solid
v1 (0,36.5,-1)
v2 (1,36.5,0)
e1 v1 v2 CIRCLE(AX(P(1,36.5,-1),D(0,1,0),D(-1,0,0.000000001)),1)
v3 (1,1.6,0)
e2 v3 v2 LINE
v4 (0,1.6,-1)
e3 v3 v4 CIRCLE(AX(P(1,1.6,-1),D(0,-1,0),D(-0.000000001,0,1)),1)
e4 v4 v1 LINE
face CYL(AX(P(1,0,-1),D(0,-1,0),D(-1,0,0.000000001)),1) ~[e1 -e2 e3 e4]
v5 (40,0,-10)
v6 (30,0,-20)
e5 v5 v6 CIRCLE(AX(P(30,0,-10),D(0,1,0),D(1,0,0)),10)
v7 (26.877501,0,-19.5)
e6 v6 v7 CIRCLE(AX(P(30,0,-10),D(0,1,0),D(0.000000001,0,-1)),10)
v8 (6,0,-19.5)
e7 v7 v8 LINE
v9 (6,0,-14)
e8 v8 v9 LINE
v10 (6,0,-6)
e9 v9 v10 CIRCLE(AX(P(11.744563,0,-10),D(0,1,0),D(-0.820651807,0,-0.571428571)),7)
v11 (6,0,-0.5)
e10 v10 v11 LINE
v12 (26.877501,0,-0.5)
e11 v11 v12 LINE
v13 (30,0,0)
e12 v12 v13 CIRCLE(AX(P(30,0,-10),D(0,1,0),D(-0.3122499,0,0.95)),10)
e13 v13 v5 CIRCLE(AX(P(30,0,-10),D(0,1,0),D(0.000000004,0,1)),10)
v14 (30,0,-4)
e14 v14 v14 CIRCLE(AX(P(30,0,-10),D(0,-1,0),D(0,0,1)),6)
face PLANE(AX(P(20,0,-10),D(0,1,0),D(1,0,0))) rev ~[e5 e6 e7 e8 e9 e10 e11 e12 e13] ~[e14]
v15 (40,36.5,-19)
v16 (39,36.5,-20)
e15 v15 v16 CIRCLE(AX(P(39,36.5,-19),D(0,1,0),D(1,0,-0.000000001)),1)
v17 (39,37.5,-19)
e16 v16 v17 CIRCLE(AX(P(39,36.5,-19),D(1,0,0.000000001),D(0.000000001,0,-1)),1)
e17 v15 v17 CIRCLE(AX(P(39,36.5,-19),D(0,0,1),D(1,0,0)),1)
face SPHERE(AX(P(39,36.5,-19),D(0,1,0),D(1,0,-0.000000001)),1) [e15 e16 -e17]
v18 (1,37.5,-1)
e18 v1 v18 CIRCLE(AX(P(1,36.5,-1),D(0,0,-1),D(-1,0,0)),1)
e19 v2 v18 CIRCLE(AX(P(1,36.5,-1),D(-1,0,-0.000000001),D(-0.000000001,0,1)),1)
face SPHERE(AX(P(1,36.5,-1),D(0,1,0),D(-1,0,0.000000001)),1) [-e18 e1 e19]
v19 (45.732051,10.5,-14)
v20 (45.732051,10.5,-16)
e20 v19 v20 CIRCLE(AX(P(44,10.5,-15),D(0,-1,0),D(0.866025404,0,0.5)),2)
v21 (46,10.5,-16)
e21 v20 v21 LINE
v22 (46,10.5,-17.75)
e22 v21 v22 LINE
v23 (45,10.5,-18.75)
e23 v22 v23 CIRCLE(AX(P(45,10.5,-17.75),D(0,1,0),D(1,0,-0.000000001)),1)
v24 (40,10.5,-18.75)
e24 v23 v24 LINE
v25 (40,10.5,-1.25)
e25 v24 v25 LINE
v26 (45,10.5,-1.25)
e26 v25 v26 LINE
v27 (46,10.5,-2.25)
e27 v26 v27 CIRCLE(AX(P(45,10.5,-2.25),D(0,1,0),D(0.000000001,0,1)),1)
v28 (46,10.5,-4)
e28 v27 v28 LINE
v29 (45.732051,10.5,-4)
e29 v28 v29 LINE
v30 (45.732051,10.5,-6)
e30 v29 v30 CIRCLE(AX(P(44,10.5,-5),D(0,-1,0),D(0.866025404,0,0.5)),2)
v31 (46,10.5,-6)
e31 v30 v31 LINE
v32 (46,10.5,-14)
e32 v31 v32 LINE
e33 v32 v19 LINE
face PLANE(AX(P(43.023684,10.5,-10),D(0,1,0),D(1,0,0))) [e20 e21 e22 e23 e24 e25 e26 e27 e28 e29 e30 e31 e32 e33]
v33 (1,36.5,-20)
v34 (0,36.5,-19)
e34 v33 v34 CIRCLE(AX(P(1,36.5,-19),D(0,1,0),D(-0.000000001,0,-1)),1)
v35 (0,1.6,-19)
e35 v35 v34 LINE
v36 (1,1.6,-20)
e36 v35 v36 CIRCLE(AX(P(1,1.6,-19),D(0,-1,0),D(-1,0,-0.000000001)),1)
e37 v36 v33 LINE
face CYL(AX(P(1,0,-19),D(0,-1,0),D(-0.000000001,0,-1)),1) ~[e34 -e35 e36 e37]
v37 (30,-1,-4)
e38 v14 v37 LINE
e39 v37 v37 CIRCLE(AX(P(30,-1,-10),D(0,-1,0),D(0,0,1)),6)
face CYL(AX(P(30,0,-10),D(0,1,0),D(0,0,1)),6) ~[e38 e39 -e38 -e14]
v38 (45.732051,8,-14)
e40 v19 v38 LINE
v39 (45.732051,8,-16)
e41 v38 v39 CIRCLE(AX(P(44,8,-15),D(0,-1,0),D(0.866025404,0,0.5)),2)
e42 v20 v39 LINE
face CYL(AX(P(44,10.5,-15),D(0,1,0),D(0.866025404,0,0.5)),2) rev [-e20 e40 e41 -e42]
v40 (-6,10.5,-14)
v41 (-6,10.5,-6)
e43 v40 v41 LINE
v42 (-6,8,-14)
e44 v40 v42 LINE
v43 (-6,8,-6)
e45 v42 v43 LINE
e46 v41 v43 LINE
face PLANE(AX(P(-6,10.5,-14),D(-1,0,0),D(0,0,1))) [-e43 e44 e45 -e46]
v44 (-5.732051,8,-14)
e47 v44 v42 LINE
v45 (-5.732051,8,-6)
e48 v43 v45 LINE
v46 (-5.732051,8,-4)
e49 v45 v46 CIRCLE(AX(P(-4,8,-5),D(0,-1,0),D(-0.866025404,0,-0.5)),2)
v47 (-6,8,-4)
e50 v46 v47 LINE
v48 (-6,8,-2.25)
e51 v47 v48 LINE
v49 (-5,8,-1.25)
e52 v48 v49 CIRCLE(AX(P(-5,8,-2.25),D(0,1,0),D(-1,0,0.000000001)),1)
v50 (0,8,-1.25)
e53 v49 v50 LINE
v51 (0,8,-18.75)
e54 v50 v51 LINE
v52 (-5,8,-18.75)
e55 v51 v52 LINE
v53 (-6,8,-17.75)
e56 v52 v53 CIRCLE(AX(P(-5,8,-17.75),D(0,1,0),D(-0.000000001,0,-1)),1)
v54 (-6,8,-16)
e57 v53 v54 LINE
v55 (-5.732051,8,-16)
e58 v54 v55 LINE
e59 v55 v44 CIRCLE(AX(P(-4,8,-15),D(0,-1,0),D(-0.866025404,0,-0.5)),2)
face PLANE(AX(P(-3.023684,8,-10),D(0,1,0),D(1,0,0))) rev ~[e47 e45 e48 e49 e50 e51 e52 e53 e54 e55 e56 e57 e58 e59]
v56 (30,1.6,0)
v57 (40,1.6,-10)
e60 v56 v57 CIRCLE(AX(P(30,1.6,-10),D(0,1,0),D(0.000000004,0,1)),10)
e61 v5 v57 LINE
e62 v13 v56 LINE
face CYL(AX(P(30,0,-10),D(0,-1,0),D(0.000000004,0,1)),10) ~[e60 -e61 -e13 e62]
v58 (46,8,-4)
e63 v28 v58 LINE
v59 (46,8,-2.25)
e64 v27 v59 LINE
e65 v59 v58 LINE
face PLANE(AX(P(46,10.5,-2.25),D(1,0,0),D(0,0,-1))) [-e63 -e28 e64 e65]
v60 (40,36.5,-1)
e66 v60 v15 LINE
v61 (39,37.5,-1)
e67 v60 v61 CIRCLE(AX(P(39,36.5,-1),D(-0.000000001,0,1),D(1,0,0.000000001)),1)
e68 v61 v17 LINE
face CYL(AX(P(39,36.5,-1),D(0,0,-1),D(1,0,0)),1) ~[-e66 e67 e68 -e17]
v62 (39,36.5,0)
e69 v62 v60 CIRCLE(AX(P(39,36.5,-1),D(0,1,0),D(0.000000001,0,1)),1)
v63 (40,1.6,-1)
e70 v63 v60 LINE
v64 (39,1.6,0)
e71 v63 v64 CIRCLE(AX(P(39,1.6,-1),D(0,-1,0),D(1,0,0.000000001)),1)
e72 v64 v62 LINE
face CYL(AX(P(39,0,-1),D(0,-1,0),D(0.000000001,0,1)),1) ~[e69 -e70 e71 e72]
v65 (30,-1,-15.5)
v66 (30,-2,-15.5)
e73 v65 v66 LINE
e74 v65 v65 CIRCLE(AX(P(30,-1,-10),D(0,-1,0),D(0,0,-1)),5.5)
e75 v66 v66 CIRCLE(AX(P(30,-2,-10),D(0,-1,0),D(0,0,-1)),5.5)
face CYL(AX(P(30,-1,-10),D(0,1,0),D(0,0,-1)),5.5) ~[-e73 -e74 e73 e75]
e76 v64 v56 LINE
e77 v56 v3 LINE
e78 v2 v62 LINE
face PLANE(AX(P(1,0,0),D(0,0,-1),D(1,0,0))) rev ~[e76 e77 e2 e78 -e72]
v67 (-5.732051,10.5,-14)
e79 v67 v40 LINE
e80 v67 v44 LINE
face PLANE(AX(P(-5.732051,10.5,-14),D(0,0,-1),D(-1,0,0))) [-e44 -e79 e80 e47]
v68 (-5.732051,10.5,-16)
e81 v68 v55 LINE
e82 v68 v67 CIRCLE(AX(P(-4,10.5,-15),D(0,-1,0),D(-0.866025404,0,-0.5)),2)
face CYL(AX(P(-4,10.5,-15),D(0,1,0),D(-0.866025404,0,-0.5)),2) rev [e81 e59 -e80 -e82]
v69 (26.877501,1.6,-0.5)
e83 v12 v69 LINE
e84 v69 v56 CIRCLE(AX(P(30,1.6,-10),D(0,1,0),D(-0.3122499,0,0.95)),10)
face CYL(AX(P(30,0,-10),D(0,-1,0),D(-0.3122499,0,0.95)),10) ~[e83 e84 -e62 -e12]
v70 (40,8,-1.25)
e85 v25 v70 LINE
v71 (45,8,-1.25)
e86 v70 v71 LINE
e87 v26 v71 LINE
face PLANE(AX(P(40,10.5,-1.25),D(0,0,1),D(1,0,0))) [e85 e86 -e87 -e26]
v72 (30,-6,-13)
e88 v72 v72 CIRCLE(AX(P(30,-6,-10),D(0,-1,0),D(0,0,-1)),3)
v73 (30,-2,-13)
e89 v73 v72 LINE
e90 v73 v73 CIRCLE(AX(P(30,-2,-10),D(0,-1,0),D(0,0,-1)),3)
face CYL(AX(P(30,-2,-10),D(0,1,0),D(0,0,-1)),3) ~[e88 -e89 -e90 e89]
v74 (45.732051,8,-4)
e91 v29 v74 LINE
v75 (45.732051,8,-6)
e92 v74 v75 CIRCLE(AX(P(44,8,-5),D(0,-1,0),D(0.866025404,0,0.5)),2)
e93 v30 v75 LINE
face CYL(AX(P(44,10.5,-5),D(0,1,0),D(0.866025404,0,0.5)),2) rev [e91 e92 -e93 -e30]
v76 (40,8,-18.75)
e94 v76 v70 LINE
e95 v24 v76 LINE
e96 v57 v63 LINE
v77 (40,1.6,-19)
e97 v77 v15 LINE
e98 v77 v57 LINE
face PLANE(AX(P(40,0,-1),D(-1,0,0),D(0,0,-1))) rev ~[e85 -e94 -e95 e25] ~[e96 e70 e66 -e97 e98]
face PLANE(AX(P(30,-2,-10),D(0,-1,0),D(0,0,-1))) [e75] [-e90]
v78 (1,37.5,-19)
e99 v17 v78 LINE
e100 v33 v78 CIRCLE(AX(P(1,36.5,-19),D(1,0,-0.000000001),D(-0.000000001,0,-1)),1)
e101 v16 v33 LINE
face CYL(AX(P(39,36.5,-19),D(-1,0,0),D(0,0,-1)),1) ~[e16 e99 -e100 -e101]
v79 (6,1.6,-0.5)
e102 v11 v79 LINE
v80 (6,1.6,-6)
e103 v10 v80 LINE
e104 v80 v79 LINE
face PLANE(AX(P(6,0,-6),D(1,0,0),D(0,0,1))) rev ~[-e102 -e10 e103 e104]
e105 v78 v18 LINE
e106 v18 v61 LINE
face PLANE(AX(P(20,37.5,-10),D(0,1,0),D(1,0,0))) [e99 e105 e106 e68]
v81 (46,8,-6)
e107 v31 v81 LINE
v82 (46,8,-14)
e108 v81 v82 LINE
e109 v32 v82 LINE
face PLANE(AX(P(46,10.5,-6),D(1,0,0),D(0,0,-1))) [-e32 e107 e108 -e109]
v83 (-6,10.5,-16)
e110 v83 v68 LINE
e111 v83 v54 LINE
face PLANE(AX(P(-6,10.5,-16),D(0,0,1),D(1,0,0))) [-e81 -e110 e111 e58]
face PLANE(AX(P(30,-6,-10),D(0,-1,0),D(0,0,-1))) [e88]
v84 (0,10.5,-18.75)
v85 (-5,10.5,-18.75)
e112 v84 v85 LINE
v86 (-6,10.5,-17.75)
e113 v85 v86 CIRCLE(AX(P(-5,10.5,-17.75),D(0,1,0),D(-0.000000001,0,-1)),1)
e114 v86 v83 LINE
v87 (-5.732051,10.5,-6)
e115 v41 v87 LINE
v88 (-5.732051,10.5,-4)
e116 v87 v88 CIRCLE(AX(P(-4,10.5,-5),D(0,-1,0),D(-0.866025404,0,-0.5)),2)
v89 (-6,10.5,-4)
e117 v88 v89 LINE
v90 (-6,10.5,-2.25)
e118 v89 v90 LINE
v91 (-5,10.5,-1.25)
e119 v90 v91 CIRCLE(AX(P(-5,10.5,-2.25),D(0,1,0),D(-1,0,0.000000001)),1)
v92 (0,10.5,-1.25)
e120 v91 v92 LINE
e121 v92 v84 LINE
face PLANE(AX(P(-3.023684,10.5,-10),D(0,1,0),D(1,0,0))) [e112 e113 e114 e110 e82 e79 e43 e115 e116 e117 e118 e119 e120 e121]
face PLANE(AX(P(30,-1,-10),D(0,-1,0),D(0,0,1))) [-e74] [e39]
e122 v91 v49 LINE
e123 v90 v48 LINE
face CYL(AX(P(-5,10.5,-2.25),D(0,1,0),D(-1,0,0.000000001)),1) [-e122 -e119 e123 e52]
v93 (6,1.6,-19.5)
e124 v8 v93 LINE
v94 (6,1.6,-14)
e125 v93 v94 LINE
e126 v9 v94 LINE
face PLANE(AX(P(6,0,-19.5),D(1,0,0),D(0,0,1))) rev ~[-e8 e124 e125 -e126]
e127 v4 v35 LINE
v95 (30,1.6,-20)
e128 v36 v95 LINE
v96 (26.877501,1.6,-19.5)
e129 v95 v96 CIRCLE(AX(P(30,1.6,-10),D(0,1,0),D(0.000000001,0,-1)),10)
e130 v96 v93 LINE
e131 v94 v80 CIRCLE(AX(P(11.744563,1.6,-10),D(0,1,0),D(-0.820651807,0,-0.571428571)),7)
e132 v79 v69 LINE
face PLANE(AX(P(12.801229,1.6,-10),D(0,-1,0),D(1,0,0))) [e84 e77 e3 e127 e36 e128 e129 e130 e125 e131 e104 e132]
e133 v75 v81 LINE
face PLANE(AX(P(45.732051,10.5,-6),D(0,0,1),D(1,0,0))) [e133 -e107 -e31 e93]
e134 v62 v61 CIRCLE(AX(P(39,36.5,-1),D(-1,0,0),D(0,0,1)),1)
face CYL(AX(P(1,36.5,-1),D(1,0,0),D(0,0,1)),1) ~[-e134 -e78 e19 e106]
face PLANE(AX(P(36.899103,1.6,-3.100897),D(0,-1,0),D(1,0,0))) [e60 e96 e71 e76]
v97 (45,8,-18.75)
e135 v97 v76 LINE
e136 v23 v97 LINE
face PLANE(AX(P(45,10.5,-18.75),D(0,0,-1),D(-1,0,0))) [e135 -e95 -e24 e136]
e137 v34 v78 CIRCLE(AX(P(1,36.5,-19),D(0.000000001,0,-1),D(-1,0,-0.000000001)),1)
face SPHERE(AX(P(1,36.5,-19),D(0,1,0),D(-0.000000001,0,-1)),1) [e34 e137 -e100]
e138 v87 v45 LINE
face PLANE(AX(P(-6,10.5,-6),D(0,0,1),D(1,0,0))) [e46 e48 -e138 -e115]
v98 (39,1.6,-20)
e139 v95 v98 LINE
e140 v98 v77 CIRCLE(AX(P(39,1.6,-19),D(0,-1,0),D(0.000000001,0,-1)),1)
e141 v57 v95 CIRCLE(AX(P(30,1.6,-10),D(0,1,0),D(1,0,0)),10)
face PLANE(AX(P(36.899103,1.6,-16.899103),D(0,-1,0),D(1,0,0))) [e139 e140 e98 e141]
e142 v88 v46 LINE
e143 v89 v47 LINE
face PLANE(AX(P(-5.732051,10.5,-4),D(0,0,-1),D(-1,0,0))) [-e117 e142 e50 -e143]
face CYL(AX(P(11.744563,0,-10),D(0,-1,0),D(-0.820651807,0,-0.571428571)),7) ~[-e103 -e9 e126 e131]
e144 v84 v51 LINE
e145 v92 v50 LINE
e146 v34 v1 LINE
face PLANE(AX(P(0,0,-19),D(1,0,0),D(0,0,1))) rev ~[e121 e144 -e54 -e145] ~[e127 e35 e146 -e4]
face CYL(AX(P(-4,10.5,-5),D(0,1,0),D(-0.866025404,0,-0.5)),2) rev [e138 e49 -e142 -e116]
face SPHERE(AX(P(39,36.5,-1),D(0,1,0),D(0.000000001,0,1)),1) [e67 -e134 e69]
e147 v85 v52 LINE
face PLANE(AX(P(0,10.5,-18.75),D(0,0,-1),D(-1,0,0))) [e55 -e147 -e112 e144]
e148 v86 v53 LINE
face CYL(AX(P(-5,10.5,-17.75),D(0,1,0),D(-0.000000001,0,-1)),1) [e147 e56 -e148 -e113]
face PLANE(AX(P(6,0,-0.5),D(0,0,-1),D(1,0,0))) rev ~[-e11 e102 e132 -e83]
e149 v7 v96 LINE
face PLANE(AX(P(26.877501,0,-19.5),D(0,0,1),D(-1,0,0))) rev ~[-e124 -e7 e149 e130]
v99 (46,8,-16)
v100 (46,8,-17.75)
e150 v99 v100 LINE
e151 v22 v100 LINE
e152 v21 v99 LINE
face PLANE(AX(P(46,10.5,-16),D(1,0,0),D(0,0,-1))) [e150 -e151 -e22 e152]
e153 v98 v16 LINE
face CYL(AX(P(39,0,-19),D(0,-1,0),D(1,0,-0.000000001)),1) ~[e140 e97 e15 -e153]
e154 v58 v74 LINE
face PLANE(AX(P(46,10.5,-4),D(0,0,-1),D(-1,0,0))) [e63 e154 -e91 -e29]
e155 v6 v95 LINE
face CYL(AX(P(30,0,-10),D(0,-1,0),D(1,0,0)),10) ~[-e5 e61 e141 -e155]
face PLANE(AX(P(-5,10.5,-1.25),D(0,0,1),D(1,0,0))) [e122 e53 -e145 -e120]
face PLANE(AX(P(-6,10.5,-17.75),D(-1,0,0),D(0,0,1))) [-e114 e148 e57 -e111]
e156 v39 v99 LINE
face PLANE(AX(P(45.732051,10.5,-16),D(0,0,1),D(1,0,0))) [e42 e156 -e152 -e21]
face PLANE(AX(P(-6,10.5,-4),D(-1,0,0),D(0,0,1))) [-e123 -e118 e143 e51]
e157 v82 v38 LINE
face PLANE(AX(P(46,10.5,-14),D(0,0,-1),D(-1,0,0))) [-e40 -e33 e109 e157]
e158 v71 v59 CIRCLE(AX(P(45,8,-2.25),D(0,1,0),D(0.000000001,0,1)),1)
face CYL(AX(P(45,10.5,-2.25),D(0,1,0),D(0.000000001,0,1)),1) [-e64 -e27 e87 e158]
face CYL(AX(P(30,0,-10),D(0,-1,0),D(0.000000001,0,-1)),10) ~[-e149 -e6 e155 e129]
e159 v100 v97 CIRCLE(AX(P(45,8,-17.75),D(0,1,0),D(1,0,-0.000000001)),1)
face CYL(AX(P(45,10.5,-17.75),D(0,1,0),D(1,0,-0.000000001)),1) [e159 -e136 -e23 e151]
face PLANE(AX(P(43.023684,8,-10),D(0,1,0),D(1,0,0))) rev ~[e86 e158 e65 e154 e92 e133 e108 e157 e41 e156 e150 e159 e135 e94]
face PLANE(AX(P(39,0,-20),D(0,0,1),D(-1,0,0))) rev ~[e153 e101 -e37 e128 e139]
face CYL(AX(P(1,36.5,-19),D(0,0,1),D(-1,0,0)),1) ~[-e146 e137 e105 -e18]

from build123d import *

# Parameters (mm, degrees)
Y_KSEKLIK_EKSTR_ZYON1_DEPTH = 37.5
RADYUS1_R                   = 1
Y_KSEKLIK_EKSTR_ZYON3_DEPTH = 2.5
KES_EKSTR_ZYON1_DEPTH       = 1.6
IZIM4_R                     = 6
Y_KSEKLIK_EKSTR_ZYON4_DEPTH = 1
IZIM5_R                     = 5.5
Y_KSEKLIK_EKSTR_ZYON5_DEPTH = 1
IZIM6_R                     = 3
Y_KSEKLIK_EKSTR_ZYON6_DEPTH = 4


with BuildPart() as part:
    # Çizim1 → Yükseklik-Ekstrüzyon1 (new body)
    with BuildSketch(Plane(origin=(0, 0, 0), x_dir=(1, 0, 0), z_dir=(0, 1, 0))):
        with BuildLine():
            Line((1, 0), (39, 0))
            ThreePointArc((39, 0), (39.707106781, 0.292893219), (40, 1))
            Line((40, 1), (40, 19))
            ThreePointArc((40, 19), (39.707106781, 19.707106781), (39, 20))
            Line((39, 20), (1, 20))
            ThreePointArc((1, 20), (0.292893219, 19.707106781), (0, 19))
            Line((0, 19), (0, 1))
            ThreePointArc((0, 1), (0.292893219, 0.292893219), (1, 0))
        make_face()
    extrude(amount=Y_KSEKLIK_EKSTR_ZYON1_DEPTH)

    # Radyus1
    radyus1_edges = [part.edges().sort_by_distance(p)[0] for p in [
        (0.292893219, 37.5, -19.707106781),
        (0, 37.5, -10),
        (0.292893219, 37.5, -0.292893219),
        (20, 37.5, 0),
        (39.707106781, 37.5, -0.292893219),
        (40, 37.5, -10),
        (39.707106781, 37.5, -19.707106781),
        (20, 37.5, -20),
    ]]
    fillet(radyus1_edges, radius=RADYUS1_R)

    # Çizim2 → Yükseklik-Ekstrüzyon3 (add)
    with BuildSketch(Plane(origin=(0, 10.5, 0), x_dir=(1, 0, 0), z_dir=(0, 1, 0))):
        with BuildLine():
            Line((-5.732050808, 4), (-6, 4))
            Line((-6, 4), (-6, 2.25))
            ThreePointArc((-6, 2.25), (-5.707106781, 1.542893219), (-5, 1.25))
            Line((-5, 1.25), (0, 1.25))
            Line((0, 1.25), (0, 18.75))
            Line((0, 18.75), (-5, 18.75))
            ThreePointArc((-5, 18.75), (-5.707106781, 18.457106781), (-6, 17.75))
            Line((-6, 17.75), (-6, 16))
            Line((-6, 16), (-5.732050808, 16))
            ThreePointArc((-5.732050808, 16), (-2, 15), (-5.732050808, 14))
            Line((-5.732050808, 14), (-6, 14))
            Line((-6, 14), (-6, 6))
            Line((-6, 6), (-5.732050808, 6))
            ThreePointArc((-5.732050808, 6), (-2, 5), (-5.732050808, 4))
        make_face()
        with BuildLine():
            Line((40, 1.25), (45, 1.25))
            ThreePointArc((45, 1.25), (45.707106781, 1.542893219), (46, 2.25))
            Line((46, 2.25), (46, 4))
            Line((46, 4), (45.732050808, 4))
            ThreePointArc((45.732050808, 4), (42, 5), (45.732050808, 6))
            Line((45.732050808, 6), (46, 6))
            Line((46, 6), (46, 14))
            Line((46, 14), (45.732050808, 14))
            ThreePointArc((45.732050808, 14), (42, 15), (45.732050808, 16))
            Line((45.732050808, 16), (46, 16))
            Line((46, 16), (46, 17.75))
            ThreePointArc((46, 17.75), (45.707106781, 18.457106781), (45, 18.75))
            Line((45, 18.75), (40, 18.75))
            Line((40, 18.75), (40, 1.25))
        make_face()
    extrude(amount=-Y_KSEKLIK_EKSTR_ZYON3_DEPTH)

    # Çizim3 → Kes-Ekstrüzyon1 (cut)
    with BuildSketch(Plane.XZ):
        with BuildLine():
            Line((6, -0.5), (26.877501001, -0.5))
            ThreePointArc((26.877501001, -0.5), (28.418861192, -0.125791167), (30.000000044, 0))
            Line((30.000000044, 0), (1, 0))
            ThreePointArc((1, 0), (0.292893219, -0.292893219), (0, -1))
            Line((0, -1), (0, -19))
            ThreePointArc((0, -19), (0.292893219, -19.707106781), (1, -20))
            Line((1, -20), (30.000000006, -20))
            ThreePointArc((30.000000006, -20), (28.418861173, -19.87420883), (26.877501001, -19.5))
            Line((26.877501001, -19.5), (6, -19.5))
            Line((6, -19.5), (6, -14))
            ThreePointArc((6, -14), (4.744562647, -10), (6, -6))
            Line((6, -6), (6, -0.5))
        make_face()
        with BuildLine():
            Line((40, -19), (40, -10))
            ThreePointArc((40, -10), (37.071067814, -17.07106781), (30.000000006, -20))
            Line((30.000000006, -20), (39, -20))
            ThreePointArc((39, -20), (39.707106781, -19.707106781), (40, -19))
        make_face()
        with BuildLine():
            Line((39, 0), (30.000000044, 0))
            ThreePointArc((30.000000044, 0), (37.071067828, -2.928932204), (40, -10))
            Line((40, -10), (40, -1))
            ThreePointArc((40, -1), (39.707106781, -0.292893219), (39, 0))
        make_face()
    extrude(amount=-KES_EKSTR_ZYON1_DEPTH, mode=Mode.SUBTRACT)

    # Çizim4 → Yükseklik-Ekstrüzyon4 (add)
    with BuildSketch(Plane.XZ):
        with Locations(Location((30, -10, 0), (0, 0, 90))):
            Circle(IZIM4_R)
    extrude(amount=Y_KSEKLIK_EKSTR_ZYON4_DEPTH)

    # Çizim5 → Yükseklik-Ekstrüzyon5 (add)
    with BuildSketch(Plane.XZ.offset(1)):
        with Locations(Location((30, -10, 0), (0, 0, 270))):
            Circle(IZIM5_R)
    extrude(amount=Y_KSEKLIK_EKSTR_ZYON5_DEPTH)

    # Çizim6 → Yükseklik-Ekstrüzyon6 (add)
    with BuildSketch(Plane.XZ.offset(2)):
        with Locations(Location((30, -10, 0), (0, 0, 270))):
            Circle(IZIM6_R)
    extrude(amount=Y_KSEKLIK_EKSTR_ZYON6_DEPTH)


solid = part.part
